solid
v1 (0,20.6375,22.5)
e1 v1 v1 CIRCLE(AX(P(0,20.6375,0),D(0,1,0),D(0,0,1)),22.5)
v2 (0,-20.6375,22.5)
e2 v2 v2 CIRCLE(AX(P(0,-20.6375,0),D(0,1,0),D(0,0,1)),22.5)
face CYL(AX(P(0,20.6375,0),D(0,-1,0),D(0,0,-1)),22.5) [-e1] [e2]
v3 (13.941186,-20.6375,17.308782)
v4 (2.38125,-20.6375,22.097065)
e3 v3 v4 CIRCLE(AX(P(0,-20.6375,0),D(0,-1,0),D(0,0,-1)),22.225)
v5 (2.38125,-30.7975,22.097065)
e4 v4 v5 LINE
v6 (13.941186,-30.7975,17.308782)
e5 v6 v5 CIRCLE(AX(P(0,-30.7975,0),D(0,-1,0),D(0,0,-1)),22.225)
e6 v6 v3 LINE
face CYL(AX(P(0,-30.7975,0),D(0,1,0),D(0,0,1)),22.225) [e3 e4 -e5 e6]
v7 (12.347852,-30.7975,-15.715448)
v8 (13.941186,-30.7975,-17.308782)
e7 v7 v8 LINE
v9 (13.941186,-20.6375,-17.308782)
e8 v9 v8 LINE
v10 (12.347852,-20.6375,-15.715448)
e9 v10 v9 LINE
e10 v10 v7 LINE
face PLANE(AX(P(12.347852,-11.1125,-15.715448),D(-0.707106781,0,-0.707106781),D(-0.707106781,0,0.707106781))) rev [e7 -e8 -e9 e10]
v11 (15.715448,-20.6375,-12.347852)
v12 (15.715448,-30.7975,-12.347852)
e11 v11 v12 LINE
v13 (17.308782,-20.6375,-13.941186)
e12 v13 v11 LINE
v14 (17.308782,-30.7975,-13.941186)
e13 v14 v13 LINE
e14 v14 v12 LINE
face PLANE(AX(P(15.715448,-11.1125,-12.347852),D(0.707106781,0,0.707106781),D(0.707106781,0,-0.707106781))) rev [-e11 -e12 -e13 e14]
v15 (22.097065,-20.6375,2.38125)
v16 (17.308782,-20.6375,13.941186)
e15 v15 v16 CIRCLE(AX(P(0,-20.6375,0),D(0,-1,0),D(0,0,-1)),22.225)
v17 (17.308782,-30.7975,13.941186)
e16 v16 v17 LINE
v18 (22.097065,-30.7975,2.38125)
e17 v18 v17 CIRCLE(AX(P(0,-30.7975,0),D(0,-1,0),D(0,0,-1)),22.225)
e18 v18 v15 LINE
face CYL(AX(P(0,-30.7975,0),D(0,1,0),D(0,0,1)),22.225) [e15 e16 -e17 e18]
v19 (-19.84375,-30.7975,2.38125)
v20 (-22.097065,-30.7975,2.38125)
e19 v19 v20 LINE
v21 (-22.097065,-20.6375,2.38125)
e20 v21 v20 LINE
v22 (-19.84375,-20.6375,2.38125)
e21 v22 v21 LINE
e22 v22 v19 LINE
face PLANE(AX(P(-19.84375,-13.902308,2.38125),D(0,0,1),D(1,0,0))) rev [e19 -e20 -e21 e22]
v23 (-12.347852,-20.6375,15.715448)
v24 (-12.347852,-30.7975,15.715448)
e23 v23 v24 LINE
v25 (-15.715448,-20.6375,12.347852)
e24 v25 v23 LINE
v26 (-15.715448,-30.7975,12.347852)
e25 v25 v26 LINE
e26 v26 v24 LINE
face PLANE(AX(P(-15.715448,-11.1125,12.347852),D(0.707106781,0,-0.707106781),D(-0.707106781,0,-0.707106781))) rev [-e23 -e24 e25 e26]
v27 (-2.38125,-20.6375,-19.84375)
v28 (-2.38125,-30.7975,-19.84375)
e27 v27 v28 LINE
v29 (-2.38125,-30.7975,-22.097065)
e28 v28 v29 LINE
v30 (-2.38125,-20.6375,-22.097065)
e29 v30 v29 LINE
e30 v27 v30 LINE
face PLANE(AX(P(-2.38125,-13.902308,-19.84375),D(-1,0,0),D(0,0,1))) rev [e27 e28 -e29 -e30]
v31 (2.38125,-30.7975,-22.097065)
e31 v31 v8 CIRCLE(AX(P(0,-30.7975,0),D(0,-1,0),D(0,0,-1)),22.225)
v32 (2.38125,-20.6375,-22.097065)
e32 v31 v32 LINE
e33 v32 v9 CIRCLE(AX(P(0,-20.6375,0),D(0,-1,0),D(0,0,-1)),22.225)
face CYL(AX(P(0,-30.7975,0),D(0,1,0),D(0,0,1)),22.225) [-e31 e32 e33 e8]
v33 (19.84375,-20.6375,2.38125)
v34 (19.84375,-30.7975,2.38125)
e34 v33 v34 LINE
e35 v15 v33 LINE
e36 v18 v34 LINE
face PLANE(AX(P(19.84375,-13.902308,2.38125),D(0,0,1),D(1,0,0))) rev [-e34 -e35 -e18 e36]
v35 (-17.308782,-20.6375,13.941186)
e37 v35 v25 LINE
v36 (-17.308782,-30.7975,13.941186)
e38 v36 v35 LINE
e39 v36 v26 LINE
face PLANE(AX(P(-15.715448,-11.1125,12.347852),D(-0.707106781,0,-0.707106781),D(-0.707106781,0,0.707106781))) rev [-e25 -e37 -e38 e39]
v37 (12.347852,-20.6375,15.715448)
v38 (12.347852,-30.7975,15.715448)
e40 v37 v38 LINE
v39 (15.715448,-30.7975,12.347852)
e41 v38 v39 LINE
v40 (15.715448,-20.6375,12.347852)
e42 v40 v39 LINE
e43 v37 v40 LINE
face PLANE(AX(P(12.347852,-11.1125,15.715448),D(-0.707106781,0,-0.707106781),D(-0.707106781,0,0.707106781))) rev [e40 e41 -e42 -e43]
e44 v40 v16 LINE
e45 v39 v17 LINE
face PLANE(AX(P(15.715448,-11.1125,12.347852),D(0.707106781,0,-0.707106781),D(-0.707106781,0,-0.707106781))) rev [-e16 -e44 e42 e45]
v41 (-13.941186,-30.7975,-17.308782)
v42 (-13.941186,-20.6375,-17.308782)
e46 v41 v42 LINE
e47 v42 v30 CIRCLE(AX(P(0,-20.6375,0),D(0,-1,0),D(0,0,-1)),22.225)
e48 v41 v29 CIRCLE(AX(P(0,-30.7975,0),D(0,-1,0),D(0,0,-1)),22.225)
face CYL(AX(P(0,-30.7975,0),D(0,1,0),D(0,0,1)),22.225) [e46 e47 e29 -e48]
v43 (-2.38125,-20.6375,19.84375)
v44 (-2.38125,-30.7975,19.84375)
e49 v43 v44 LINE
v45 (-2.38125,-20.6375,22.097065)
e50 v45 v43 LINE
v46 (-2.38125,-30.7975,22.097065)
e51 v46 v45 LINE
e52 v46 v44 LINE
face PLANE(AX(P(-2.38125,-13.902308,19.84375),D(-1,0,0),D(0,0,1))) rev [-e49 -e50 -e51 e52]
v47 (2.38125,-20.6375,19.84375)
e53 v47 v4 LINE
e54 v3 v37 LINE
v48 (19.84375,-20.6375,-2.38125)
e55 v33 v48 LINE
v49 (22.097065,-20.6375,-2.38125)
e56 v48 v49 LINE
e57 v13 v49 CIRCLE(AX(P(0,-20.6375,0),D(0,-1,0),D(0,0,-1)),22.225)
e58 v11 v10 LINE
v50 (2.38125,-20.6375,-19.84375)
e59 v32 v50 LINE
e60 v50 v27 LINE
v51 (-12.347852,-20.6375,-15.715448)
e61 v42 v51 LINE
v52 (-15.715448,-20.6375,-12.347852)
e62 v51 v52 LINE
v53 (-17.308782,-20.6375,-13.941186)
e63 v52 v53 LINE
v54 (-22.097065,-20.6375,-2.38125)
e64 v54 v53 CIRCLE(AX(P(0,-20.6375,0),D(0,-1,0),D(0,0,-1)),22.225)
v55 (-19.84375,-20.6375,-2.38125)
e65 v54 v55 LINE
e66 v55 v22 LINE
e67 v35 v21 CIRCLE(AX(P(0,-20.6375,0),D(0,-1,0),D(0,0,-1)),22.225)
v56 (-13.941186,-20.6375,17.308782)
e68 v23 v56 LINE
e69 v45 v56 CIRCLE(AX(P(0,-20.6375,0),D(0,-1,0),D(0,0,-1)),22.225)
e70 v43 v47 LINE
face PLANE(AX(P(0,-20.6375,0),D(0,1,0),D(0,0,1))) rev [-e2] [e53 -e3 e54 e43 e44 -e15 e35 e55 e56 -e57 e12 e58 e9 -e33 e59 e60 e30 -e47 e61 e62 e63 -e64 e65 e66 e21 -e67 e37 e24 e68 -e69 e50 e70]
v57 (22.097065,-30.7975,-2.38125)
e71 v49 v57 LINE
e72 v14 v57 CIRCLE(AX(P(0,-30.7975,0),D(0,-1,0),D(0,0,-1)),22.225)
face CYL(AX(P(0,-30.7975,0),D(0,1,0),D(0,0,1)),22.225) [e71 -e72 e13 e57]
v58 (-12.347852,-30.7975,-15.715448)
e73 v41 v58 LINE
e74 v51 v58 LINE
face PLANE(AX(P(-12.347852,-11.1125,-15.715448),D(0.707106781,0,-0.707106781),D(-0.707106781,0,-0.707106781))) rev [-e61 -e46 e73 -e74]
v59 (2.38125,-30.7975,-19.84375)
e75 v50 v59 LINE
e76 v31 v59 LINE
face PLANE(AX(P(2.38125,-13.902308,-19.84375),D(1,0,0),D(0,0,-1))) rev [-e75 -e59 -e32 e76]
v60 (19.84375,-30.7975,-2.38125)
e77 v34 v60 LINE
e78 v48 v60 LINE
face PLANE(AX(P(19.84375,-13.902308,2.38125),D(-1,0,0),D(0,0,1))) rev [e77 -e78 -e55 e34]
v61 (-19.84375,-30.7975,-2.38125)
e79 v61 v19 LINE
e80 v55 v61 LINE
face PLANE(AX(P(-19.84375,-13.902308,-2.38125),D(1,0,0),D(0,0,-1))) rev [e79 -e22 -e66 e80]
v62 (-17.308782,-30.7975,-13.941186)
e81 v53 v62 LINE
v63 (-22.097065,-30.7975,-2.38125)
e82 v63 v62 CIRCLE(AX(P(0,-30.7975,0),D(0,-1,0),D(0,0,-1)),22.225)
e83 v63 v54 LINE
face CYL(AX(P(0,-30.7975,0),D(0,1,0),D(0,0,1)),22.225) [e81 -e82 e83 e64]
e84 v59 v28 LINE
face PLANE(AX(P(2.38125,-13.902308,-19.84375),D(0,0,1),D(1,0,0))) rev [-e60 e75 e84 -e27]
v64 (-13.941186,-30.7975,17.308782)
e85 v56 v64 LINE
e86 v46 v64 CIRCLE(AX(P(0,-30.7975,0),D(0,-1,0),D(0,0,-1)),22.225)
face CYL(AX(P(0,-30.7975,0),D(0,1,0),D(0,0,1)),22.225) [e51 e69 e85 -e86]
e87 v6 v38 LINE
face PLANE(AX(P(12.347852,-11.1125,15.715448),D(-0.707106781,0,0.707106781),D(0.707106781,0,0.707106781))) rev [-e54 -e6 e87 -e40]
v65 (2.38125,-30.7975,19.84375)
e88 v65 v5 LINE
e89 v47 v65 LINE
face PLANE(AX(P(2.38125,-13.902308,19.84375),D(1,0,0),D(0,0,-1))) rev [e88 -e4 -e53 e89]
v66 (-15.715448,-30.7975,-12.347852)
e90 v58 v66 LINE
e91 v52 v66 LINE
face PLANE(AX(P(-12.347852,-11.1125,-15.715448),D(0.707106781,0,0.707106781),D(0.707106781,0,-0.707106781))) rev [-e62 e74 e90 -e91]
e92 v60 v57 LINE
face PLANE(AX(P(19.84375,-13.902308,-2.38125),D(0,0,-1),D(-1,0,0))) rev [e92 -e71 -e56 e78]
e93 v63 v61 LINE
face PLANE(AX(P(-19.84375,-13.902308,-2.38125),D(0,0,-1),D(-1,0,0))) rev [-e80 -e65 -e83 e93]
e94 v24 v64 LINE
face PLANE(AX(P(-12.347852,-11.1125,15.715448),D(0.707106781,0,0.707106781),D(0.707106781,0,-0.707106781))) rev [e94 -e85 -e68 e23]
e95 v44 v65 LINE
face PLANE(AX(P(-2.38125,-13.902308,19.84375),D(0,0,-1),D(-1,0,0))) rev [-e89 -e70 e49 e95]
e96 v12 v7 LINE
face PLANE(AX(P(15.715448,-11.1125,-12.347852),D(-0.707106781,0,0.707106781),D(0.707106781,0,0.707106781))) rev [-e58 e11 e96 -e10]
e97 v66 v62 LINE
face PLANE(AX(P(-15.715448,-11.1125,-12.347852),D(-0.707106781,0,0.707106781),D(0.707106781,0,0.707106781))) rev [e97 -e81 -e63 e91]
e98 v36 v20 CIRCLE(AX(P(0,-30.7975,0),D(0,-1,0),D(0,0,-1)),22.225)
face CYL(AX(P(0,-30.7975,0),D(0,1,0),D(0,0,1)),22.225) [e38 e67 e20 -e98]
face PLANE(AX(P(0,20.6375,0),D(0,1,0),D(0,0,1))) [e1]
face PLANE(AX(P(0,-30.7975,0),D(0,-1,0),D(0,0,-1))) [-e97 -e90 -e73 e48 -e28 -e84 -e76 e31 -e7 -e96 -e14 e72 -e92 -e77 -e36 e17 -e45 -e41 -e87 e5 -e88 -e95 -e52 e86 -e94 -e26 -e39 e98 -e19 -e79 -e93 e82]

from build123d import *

# Parameters (mm, degrees)
SKETCH1_R           = 22.5
BOSS_EXTRUDE1_DEPTH = 20.6375
SKETCH3_R           = 22.225
BOSS_EXTRUDE2_DEPTH = 10.16
SKETCH4_W           = 4.7625
SKETCH4_H           = 4.7625
CUT_EXTRUDE2_DEPTH  = 10.16
CIRPATTERN2_COUNT   = 8


with BuildPart() as part:
    # Sketch1 → Boss-Extrude1 (new body, symmetric)
    with BuildSketch(Plane(origin=(0, 0, 0), x_dir=(1, 0, 0), z_dir=(0, 1, 0))):
        Circle(SKETCH1_R)
    extrude(amount=BOSS_EXTRUDE1_DEPTH, both=True)

    # Sketch3 → Boss-Extrude2 (add)
    with BuildSketch(Plane(origin=(0, -20.6375, 0), x_dir=(-1, 0, 0), z_dir=(0, -1, 0))):
        Circle(SKETCH3_R)
    extrude(amount=BOSS_EXTRUDE2_DEPTH)

    # Sketch4 → Cut-Extrude2 (cut)
    with BuildSketch(Plane.XZ.offset(30.7975)):
        with Locations((0, 22.225)):
            Rectangle(SKETCH4_W, SKETCH4_H)
    cut_extrude2 = extrude(amount=-CUT_EXTRUDE2_DEPTH, mode=Mode.SUBTRACT)

    # CirPattern2: Cut-Extrude2 ×8 about axis
    cirpattern2_axis = Axis((0, 0, 0), (0, 1, 0))
    for i in range(1, CIRPATTERN2_COUNT):
        add(cut_extrude2.rotate(cirpattern2_axis, i * 360 / CIRPATTERN2_COUNT), mode=Mode.SUBTRACT)


solid = part.part
